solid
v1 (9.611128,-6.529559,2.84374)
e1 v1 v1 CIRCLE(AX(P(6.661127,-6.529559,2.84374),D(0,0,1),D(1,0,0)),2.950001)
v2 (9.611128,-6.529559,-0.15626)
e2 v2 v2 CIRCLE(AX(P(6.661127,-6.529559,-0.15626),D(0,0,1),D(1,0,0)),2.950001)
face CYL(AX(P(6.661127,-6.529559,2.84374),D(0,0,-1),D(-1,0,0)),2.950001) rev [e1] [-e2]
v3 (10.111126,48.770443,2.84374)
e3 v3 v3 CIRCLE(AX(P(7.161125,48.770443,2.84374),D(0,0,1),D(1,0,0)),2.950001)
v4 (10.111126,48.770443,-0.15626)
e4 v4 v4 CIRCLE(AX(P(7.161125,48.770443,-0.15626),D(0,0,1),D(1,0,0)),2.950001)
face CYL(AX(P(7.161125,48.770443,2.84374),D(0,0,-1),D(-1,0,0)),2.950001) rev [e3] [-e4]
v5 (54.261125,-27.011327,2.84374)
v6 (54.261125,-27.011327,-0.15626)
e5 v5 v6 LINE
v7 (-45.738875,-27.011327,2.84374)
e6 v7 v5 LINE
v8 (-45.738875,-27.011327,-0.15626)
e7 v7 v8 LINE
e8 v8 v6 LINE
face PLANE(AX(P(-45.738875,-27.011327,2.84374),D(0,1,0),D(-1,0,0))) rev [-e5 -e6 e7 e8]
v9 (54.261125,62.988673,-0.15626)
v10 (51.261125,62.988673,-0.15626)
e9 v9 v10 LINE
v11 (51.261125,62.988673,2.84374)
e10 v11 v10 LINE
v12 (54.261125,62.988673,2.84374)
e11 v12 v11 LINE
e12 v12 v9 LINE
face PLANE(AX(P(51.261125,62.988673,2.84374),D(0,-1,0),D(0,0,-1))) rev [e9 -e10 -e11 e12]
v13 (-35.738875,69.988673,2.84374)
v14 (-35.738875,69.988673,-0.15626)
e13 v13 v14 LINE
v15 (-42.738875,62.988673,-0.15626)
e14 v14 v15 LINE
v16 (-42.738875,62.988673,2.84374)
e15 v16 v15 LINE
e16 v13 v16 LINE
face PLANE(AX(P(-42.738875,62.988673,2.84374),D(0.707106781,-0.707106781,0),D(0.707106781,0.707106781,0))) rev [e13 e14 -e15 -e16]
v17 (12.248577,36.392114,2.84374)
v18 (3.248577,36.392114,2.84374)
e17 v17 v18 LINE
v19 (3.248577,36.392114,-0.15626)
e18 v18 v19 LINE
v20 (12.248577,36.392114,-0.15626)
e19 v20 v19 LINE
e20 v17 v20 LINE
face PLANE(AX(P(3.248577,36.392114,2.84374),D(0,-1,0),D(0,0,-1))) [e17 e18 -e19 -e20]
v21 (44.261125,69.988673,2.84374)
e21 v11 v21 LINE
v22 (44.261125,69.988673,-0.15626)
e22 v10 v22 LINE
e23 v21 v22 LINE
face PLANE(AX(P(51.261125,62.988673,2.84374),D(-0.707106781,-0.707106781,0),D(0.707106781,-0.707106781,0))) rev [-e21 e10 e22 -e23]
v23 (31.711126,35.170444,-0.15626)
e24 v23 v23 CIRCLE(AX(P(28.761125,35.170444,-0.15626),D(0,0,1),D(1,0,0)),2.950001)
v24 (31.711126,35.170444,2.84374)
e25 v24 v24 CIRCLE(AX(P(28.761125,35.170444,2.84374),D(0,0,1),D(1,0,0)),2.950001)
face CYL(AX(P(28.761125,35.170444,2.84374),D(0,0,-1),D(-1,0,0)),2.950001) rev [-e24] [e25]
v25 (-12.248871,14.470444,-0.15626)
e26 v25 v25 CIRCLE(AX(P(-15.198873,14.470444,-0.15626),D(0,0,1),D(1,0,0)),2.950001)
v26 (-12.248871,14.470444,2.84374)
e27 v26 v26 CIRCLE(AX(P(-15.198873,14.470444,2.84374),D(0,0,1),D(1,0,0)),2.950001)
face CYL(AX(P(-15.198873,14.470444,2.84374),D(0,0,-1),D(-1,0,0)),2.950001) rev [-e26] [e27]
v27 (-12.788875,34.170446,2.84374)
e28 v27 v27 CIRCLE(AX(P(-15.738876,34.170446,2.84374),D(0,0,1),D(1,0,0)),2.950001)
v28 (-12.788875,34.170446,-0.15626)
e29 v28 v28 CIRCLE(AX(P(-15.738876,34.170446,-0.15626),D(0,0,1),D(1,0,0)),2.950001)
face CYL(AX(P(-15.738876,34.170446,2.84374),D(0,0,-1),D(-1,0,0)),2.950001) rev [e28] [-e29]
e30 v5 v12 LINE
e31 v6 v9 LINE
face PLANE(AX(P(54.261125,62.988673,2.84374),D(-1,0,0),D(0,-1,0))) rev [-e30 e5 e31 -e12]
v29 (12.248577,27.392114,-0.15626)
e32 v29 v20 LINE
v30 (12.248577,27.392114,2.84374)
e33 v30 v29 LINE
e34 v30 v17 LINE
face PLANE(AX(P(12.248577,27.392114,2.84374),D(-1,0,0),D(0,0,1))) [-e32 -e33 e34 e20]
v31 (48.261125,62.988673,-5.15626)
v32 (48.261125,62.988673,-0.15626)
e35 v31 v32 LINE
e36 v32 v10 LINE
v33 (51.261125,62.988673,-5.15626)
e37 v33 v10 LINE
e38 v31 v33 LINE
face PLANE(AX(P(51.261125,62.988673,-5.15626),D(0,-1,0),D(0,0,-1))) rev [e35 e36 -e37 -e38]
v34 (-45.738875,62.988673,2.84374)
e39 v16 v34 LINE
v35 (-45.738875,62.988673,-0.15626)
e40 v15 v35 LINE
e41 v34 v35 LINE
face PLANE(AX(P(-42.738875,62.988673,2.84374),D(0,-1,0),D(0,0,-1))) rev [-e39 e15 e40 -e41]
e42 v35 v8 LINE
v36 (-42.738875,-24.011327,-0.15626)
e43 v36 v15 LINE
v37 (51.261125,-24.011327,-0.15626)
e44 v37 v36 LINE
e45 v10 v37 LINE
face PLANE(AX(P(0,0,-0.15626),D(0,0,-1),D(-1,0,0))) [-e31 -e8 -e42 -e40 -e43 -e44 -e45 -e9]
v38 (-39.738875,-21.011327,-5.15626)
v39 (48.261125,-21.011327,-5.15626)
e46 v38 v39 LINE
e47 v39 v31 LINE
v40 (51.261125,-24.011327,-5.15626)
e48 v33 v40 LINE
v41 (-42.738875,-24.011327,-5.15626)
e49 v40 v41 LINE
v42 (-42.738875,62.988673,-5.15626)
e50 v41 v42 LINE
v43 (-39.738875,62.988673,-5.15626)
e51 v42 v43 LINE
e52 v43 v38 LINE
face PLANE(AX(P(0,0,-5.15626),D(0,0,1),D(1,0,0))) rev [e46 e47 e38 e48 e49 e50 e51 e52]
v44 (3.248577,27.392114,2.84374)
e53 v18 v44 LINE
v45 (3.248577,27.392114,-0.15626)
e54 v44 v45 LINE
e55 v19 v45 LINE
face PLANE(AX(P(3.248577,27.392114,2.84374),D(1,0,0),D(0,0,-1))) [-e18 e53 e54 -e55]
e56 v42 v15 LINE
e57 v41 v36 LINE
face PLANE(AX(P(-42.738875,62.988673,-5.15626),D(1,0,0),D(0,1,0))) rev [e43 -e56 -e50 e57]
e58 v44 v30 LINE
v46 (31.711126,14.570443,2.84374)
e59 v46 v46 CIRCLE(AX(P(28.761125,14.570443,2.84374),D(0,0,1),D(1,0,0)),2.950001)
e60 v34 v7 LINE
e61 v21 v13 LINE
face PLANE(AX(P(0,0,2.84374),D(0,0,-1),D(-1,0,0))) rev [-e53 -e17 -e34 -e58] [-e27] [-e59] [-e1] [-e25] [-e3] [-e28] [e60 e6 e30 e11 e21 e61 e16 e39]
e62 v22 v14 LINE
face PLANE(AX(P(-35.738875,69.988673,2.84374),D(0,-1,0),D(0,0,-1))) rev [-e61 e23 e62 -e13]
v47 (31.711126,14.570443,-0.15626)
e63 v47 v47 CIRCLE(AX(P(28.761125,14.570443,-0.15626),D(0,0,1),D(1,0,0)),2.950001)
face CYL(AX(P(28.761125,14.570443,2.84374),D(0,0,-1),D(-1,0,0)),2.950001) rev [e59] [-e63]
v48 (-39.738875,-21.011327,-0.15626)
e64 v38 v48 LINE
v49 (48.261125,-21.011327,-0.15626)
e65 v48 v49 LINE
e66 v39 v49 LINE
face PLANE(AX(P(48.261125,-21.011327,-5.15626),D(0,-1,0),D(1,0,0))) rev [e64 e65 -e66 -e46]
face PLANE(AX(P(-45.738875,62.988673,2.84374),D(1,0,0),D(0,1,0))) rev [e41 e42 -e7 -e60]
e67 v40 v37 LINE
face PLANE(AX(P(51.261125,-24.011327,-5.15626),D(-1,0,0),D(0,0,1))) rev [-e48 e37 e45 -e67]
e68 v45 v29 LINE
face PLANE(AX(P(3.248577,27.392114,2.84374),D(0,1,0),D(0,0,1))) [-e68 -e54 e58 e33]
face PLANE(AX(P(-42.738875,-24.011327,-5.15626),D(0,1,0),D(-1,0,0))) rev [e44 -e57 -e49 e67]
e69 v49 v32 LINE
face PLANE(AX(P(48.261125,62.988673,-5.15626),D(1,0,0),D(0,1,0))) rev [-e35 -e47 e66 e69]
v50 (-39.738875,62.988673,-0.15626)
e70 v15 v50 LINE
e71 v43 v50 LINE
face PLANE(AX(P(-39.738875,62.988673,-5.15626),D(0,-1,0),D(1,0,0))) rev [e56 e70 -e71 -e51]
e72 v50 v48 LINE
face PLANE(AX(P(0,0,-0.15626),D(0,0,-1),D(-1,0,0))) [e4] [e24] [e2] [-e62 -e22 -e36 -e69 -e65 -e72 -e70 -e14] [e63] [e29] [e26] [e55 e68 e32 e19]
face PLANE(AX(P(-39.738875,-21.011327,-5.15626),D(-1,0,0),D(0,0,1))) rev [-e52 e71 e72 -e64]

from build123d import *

# Parameters (mm, degrees)
CROQUIS1_R              = 2.950001172
CROQUIS1_W              = 9
CROQUIS1_H              = 9
SALIENTE_EXTRUIR1_DEPTH = 3
SALIENTE_EXTRUIR6_DEPTH = 5


with BuildPart() as part:
    # Croquis1 → Saliente-Extruir1 (new body)
    with BuildSketch(Plane.XY.offset(-0.156260387)):
        Polygon((51.261125499, 62.988673094), (44.261125499, 69.988673094), (-35.738874501, 69.988673094), (-42.738874501, 62.988673094), (-45.738874501, 62.988673094), (-45.738874501, -27.011326906), (54.261125499, -27.011326906), (54.261125499, 62.988673094), align=None)
        with Locations((7.161124531, 48.770443145)):
            Circle(CROQUIS1_R, mode=Mode.SUBTRACT)
        with Locations((28.761125092, 35.170443896)):
            Circle(CROQUIS1_R, mode=Mode.SUBTRACT)
        with Locations((28.761125092, 14.5704435)):
            Circle(CROQUIS1_R, mode=Mode.SUBTRACT)
        with Locations((6.661127243, -6.529559074)):
            Circle(CROQUIS1_R, mode=Mode.SUBTRACT)
        with Locations((-15.198872503, 14.470443669)):
            Circle(CROQUIS1_R, mode=Mode.SUBTRACT)
        with Locations((-15.738875683, 34.170445595)):
            Circle(CROQUIS1_R, mode=Mode.SUBTRACT)
        with Locations((7.748576734, 31.892113927)):
            Rectangle(CROQUIS1_W, CROQUIS1_H, mode=Mode.SUBTRACT)
    extrude(amount=SALIENTE_EXTRUIR1_DEPTH)

    # Croquis9 → Saliente-Extruir6 (add)
    with BuildSketch(Plane(origin=(0, 0, -0.156260387), x_dir=(-1, 0, 0), z_dir=(0, 0, -1))):
        Polygon((-51.261125499, 62.988673094), (-48.261125499, 62.988673094), (-48.261125499, -21.011326906), (39.738874501, -21.011326906), (39.738874501, 62.988673094), (42.738874501, 62.988673094), (42.738874501, -24.011326906), (-51.261125499, -24.011326906), align=None)
    extrude(amount=SALIENTE_EXTRUIR6_DEPTH)


solid = part.part
